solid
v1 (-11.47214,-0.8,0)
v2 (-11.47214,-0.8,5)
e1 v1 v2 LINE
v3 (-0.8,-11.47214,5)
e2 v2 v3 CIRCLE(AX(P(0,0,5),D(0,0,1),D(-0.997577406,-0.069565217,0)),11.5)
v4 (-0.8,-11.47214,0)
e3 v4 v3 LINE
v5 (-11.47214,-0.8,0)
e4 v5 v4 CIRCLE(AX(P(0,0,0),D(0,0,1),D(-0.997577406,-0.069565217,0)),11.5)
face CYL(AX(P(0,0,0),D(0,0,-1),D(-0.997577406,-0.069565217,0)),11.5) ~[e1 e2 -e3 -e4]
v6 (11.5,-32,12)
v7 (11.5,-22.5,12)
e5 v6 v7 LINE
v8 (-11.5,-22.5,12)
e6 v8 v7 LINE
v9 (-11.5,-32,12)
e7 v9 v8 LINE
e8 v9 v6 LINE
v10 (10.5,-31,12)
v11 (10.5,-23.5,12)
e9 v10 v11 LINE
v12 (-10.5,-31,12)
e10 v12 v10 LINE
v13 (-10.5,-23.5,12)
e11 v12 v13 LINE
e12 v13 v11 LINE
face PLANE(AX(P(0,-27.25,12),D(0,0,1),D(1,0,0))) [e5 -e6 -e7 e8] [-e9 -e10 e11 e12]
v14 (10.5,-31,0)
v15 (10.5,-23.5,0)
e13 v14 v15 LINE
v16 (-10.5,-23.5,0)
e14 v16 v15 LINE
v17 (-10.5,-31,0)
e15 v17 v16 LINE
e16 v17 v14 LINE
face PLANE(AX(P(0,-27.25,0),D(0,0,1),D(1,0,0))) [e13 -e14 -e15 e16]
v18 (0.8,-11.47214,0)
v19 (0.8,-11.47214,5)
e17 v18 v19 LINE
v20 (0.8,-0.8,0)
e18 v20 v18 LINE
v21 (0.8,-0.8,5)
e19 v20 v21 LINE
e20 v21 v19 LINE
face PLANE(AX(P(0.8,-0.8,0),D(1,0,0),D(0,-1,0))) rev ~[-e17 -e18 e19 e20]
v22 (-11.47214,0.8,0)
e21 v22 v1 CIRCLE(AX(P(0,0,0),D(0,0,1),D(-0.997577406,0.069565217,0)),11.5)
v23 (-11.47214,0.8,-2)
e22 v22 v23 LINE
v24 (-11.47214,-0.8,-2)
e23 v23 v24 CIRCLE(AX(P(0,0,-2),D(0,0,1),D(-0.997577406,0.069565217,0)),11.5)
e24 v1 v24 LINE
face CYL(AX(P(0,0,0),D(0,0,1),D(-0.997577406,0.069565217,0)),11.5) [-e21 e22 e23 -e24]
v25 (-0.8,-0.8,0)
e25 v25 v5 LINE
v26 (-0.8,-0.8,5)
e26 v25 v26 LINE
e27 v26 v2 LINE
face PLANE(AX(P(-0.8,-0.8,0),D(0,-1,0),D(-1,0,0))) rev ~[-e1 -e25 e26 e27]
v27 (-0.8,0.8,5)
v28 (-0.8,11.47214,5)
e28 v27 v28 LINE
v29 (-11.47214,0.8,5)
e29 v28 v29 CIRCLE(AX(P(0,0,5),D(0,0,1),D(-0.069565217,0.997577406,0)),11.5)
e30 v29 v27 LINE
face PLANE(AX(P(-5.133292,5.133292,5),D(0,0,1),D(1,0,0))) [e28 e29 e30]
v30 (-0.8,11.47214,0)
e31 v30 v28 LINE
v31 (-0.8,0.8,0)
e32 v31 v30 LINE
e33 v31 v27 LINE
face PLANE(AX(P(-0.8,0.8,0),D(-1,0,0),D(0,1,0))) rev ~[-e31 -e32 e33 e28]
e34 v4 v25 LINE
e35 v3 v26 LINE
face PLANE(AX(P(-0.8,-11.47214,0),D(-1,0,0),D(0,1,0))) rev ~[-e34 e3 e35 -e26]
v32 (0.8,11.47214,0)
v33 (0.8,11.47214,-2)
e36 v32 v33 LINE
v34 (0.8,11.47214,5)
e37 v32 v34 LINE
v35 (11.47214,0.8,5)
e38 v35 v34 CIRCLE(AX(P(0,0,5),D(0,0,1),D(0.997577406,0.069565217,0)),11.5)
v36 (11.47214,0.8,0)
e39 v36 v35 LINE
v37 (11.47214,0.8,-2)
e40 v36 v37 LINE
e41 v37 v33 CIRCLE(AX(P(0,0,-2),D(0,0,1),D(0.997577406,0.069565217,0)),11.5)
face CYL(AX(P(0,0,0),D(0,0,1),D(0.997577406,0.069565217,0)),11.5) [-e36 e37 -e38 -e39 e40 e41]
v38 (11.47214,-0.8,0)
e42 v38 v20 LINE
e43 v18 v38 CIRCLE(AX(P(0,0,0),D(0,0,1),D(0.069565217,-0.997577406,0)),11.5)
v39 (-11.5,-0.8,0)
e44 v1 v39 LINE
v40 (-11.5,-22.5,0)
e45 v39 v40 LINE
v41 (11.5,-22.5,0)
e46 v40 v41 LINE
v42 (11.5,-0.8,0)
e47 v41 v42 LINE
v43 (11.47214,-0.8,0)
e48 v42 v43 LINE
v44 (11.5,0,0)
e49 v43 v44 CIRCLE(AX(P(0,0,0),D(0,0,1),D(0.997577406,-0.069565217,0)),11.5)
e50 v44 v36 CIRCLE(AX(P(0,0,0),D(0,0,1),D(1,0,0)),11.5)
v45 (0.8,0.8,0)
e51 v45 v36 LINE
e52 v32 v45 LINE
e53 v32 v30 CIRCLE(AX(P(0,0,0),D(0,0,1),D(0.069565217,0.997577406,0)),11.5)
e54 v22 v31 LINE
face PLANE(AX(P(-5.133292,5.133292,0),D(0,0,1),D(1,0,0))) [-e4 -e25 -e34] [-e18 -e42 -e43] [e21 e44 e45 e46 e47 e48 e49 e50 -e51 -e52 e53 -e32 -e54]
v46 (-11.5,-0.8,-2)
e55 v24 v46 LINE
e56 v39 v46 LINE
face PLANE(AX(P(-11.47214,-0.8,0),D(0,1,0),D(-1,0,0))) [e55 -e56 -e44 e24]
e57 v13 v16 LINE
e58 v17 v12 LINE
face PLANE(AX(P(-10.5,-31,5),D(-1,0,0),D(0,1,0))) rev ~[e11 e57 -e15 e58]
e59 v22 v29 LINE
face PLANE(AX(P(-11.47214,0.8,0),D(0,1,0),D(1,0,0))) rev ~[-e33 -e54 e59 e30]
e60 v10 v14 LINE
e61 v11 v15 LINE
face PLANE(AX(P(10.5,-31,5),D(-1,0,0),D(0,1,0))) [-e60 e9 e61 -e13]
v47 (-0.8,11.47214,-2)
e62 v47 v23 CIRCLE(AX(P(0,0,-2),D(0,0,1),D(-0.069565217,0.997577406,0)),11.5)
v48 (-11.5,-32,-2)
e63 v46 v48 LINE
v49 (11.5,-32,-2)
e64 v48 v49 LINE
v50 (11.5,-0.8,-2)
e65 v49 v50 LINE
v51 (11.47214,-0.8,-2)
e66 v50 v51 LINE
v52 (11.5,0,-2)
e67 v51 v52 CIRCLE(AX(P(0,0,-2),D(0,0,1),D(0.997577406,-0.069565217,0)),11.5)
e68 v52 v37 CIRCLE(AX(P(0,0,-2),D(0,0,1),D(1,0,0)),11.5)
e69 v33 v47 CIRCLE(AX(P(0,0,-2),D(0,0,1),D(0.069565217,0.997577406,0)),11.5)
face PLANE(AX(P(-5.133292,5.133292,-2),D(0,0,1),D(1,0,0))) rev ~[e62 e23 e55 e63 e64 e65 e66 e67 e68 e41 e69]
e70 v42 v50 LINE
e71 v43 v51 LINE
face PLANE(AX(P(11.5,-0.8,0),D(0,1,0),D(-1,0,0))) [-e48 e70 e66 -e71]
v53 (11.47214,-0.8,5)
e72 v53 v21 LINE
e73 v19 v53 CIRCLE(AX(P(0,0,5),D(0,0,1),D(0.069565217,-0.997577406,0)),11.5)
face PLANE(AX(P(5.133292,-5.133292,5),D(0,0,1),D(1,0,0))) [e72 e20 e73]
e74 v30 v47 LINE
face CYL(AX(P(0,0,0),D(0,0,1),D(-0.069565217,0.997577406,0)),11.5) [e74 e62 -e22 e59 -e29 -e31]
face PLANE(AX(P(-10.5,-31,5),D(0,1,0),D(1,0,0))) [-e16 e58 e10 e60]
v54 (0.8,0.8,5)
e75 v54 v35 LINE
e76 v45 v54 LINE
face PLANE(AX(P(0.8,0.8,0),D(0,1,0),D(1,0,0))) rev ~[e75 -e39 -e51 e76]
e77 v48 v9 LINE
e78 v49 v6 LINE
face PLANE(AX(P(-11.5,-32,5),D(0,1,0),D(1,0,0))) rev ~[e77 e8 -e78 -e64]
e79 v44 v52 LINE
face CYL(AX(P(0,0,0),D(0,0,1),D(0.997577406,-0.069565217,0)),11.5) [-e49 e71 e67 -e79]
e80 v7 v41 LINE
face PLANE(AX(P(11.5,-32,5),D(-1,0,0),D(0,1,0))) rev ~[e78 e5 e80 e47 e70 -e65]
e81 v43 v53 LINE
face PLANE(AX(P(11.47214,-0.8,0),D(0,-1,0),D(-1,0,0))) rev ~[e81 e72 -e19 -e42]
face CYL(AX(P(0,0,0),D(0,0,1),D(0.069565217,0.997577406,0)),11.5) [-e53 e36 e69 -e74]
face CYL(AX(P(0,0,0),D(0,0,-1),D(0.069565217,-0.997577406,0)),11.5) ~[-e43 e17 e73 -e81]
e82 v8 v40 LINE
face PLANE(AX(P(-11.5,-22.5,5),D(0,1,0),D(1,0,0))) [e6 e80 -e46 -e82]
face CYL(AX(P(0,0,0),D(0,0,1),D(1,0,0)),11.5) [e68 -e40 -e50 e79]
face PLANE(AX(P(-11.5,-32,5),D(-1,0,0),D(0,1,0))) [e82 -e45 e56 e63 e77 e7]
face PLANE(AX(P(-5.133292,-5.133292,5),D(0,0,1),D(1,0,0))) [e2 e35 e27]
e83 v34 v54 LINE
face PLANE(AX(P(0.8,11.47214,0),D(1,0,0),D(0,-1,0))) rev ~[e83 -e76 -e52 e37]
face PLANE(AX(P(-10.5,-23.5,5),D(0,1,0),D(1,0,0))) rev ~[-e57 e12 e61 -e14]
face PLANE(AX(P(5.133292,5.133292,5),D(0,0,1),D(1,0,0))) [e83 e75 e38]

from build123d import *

# Parameters (mm, degrees)
F0_W     = 23
F0_H     = 9.5
F0_W_2   = 21
F0_H_2   = 7.5
F1_DEPTH = 2
F2_DEPTH = 5
F3_DEPTH = 7
F4_DEPTH = 2


with BuildPart() as f1:
    # F0 (on Top) → F1 (new body)
    with BuildSketch(Plane.XY):
        with BuildLine():
            Line((-0.8, 0.8), (-0.8, 11.4721401665))
            ThreePointArc((-0.8, 11.4721401665), (-8.1317279836, 8.1317279836), (-11.4721401665, 0.8))
            Line((-11.4721401665, 0.8), (-0.8, 0.8))
        make_face()
        with BuildLine():
            ThreePointArc((11.4721401665, 0.8), (8.1317279836, 8.1317279836), (0.8, 11.4721401665))
            Line((0.8, 11.4721401665), (0.8, 0.8))
            Line((0.8, 0.8), (11.4721401665, 0.8))
        make_face()
        with Locations((0, -27.25)):
            Rectangle(F0_W, F0_H)
        with Locations((0, -27.25)):
            Rectangle(F0_W_2, F0_H_2, mode=Mode.SUBTRACT)
        with BuildLine():
            Line((-0.8, -0.8), (-11.4721401665, -0.8))
            ThreePointArc((-11.4721401665, -0.8), (-8.1317279836, -8.1317279836), (-0.8, -11.4721401665))
            Line((-0.8, -11.4721401665), (-0.8, -0.8))
        make_face()
        with BuildLine():
            Line((0.8, -0.8), (0.8, -11.4721401665))
            ThreePointArc((0.8, -11.4721401665), (8.1317279836, -8.1317279836), (11.4721401665, -0.8))
            Line((11.4721401665, -0.8), (0.8, -0.8))
        make_face()
        with BuildLine():
            ThreePointArc((-0.8, -11.4721401665), (-8.1317279836, -8.1317279836), (-11.4721401665, -0.8))
            Line((-11.4721401665, -0.8), (-11.5, -0.8))
            Line((-11.5, -0.8), (-11.5, -22.5))
            Line((-11.5, -22.5), (11.5, -22.5))
            Line((11.5, -22.5), (11.5, -0.8))
            Line((11.5, -0.8), (11.4721401665, -0.8))
            ThreePointArc((11.4721401665, -0.8), (8.1317279836, -8.1317279836), (0.8, -11.4721401665))
            ThreePointArc((0.8, -11.4721401665), (0, -11.5), (-0.8, -11.4721401665))
        make_face()
        with BuildLine():
            ThreePointArc((0.8, 11.4721401665), (0, 11.5), (-0.8, 11.4721401665))
            Line((-0.8, 11.4721401665), (-0.8, 0.8))
            Line((-0.8, 0.8), (-11.4721401665, 0.8))
            ThreePointArc((-11.4721401665, 0.8), (-11.5, 0), (-11.4721401665, -0.8))
            Line((-11.4721401665, -0.8), (-0.8, -0.8))
            Line((-0.8, -0.8), (-0.8, -11.4721401665))
            ThreePointArc((-0.8, -11.4721401665), (0, -11.5), (0.8, -11.4721401665))
            Line((0.8, -11.4721401665), (0.8, -0.8))
            Line((0.8, -0.8), (11.4721401665, -0.8))
            ThreePointArc((11.4721401665, -0.8), (11.4930329312, -0.4002424797), (11.5, 0))
            ThreePointArc((11.5, 0), (11.4930329312, 0.4002424797), (11.4721401665, 0.8))
            Line((11.4721401665, 0.8), (0.8, 0.8))
            Line((0.8, 0.8), (0.8, 11.4721401665))
        make_face()
    extrude(amount=-F1_DEPTH)

    # F0 (on Top) → F2 (join)
    with BuildSketch(Plane.XY):
        with BuildLine():
            Line((-0.8, 0.8), (-0.8, 11.4721401665))
            ThreePointArc((-0.8, 11.4721401665), (-8.1317279836, 8.1317279836), (-11.4721401665, 0.8))
            Line((-11.4721401665, 0.8), (-0.8, 0.8))
        make_face()
        with BuildLine():
            ThreePointArc((11.4721401665, 0.8), (8.1317279836, 8.1317279836), (0.8, 11.4721401665))
            Line((0.8, 11.4721401665), (0.8, 0.8))
            Line((0.8, 0.8), (11.4721401665, 0.8))
        make_face()
        with BuildLine():
            Line((0.8, -0.8), (0.8, -11.4721401665))
            ThreePointArc((0.8, -11.4721401665), (8.1317279836, -8.1317279836), (11.4721401665, -0.8))
            Line((11.4721401665, -0.8), (0.8, -0.8))
        make_face()
        with BuildLine():
            Line((-0.8, -0.8), (-11.4721401665, -0.8))
            ThreePointArc((-11.4721401665, -0.8), (-8.1317279836, -8.1317279836), (-0.8, -11.4721401665))
            Line((-0.8, -11.4721401665), (-0.8, -0.8))
        make_face()
        with Locations((0, -27.25)):
            Rectangle(F0_W, F0_H)
        with Locations((0, -27.25)):
            Rectangle(F0_W_2, F0_H_2, mode=Mode.SUBTRACT)
    extrude(amount=F2_DEPTH)

    # F3 (add): a face of the model
    f3_faces = [f1.faces().sort_by_distance(p)[0] for p in [
        (0, -22.7488473428, 5),
    ]]
    extrude(f3_faces, amount=F3_DEPTH)

    # F0 (on Top) → F4 (join)
    with BuildSketch(Plane.XY):
        with Locations((0, -27.25)):
            Rectangle(F0_W_2, F0_H_2)
    extrude(amount=-F4_DEPTH)


solid = f1.part
